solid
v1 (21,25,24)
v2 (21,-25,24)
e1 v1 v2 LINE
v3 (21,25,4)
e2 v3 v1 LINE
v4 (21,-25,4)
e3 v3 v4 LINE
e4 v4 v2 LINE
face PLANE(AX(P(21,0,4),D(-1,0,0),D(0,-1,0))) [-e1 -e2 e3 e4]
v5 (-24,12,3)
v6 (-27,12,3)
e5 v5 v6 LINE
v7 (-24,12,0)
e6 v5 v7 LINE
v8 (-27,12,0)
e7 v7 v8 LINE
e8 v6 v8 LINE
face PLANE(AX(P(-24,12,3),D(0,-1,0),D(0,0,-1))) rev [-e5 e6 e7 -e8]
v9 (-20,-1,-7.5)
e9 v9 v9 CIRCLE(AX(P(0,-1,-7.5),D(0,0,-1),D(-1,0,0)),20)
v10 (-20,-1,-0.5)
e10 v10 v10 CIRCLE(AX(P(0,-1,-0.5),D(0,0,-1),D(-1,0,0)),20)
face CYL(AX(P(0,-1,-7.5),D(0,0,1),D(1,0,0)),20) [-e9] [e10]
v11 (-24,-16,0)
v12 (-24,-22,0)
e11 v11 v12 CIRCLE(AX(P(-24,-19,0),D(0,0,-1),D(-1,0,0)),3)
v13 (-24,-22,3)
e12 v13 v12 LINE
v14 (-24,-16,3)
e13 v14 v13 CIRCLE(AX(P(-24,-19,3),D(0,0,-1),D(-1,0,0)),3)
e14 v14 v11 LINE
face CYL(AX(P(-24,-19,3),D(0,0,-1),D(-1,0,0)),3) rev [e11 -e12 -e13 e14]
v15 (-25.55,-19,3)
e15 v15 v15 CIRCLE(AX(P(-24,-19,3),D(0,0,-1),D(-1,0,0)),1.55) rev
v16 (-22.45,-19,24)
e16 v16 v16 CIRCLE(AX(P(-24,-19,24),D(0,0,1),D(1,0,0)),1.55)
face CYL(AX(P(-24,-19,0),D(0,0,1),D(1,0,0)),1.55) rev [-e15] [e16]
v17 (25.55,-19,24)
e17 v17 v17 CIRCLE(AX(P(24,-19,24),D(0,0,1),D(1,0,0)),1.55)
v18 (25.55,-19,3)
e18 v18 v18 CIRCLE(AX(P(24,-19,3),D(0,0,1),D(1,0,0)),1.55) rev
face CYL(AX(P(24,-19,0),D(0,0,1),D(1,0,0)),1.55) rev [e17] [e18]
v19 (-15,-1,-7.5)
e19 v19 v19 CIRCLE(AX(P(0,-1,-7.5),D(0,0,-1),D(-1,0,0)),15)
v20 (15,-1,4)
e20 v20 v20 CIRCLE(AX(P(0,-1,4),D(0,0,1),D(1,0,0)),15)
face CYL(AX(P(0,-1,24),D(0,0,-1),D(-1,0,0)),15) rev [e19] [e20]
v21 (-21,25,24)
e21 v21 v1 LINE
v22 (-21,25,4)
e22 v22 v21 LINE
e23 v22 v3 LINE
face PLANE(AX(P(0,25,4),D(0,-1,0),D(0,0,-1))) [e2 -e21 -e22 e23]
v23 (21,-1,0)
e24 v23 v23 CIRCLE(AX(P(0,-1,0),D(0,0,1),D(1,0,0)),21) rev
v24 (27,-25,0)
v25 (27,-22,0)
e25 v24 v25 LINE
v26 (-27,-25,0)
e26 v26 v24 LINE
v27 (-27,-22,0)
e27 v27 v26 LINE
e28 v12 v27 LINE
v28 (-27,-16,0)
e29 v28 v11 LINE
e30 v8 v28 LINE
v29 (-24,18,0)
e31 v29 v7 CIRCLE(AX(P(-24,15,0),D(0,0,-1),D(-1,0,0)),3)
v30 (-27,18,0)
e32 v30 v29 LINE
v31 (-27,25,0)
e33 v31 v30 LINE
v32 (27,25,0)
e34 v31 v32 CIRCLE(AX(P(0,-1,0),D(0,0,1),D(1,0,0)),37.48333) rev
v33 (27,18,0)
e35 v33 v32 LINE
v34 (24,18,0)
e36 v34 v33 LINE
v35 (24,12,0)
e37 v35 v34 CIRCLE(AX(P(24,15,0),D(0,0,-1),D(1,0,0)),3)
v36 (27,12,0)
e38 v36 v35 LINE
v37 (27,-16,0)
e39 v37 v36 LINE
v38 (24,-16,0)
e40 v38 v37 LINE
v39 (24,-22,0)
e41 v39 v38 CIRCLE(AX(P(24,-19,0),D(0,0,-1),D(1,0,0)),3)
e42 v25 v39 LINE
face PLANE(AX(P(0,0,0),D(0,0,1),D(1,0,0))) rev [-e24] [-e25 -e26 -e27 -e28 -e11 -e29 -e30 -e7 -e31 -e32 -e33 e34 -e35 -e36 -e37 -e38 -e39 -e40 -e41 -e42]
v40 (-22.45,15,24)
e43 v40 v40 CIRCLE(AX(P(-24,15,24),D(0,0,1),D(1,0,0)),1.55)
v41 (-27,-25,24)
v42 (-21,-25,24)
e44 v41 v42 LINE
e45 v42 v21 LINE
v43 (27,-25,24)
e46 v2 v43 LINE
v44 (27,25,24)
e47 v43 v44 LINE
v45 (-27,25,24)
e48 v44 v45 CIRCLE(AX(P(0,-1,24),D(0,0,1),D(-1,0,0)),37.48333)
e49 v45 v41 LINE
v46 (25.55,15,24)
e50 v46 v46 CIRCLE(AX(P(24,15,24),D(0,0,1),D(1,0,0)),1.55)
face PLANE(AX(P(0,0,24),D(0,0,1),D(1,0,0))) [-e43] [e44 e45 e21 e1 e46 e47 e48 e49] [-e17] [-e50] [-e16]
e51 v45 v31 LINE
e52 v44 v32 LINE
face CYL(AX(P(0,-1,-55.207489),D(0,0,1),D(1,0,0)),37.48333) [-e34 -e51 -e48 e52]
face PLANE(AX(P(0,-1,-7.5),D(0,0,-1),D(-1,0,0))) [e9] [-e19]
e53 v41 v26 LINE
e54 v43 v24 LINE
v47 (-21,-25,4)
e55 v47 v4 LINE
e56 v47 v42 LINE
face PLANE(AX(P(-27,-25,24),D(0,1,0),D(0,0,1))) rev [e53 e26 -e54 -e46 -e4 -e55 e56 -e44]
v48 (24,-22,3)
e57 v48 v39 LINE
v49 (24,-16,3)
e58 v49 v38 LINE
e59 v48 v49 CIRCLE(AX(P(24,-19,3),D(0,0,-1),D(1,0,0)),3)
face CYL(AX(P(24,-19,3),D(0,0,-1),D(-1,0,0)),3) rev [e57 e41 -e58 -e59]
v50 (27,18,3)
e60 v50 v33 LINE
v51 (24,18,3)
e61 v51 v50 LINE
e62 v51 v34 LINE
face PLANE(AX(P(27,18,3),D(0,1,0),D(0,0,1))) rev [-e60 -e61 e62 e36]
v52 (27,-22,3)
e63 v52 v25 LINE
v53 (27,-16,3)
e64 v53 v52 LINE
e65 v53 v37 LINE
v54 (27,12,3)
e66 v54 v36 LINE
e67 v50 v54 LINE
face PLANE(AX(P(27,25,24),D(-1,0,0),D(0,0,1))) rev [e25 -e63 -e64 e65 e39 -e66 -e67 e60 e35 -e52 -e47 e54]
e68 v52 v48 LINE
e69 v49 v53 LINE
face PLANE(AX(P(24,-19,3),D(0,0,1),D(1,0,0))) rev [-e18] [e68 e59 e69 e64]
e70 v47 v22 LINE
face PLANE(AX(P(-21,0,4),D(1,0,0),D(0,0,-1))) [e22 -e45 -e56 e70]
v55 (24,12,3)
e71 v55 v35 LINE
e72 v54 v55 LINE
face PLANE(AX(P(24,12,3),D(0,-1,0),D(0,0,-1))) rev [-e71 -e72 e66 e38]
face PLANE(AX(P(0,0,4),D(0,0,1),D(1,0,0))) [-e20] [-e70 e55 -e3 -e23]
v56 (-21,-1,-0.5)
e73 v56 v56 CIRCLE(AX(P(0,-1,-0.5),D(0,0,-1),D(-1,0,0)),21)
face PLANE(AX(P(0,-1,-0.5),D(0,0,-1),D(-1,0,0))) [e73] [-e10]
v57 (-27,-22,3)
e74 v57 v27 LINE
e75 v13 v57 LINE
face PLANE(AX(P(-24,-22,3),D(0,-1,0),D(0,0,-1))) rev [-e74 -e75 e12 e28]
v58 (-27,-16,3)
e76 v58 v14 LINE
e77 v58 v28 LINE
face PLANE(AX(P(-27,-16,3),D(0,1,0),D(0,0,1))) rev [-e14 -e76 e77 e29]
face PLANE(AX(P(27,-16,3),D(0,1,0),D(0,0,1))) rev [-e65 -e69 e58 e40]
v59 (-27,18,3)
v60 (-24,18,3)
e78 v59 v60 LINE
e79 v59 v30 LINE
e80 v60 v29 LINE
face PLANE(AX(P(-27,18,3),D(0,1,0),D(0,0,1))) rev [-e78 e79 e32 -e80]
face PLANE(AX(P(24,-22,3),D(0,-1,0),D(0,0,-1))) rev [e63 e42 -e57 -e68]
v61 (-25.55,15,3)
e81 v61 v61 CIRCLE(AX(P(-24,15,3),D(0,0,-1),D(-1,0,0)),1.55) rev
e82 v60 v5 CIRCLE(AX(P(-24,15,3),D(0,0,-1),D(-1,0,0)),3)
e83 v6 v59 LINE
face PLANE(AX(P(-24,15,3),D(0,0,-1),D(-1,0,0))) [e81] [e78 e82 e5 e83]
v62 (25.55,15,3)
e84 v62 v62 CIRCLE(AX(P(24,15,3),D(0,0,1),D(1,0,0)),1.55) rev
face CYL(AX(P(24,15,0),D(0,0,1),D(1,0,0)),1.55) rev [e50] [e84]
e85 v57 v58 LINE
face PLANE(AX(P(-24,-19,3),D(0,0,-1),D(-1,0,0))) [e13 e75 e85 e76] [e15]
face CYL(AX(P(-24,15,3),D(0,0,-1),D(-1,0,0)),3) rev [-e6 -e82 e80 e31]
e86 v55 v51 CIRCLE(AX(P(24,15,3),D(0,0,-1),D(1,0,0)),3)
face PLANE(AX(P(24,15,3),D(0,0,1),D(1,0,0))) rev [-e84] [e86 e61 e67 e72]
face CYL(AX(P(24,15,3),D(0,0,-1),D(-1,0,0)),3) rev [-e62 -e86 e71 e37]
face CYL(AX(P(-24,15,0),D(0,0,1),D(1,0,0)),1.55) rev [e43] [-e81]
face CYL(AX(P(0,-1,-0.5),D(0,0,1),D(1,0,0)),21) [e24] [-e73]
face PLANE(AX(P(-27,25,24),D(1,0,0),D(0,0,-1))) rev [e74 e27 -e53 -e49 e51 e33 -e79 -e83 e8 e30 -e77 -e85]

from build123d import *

# Parameters (mm, degrees)
SKETCH_1_W          = 54
SKETCH_1_H          = 50
EXTRUDE_1_DEPTH     = 24
SKETCH_2_R          = 1.55
CUT_EXTRUDE_1_DEPTH = 25
EXTRUDE_2_DEPTH     = 24
SKETCH_5_W          = 42
SKETCH_5_H          = 50
CUT_EXTRUDE_3_DEPTH = 20
CUT_EXTRUDE_4_DEPTH = 3
SKETCH_7_R          = 15
CUT_EXTRUDE_5_DEPTH = 25
SKETCH_11_R         = 20
SKETCH_11_R_2       = 15
EXTRUDE_3_DEPTH     = 7.5
SKETCH_12_R         = 21
SKETCH_12_R_2       = 20
EXTRUDE_4_DEPTH     = 0.5


with BuildPart() as part:
    # 草图1 → 凸台-拉伸1 (new body)
    with BuildSketch(Plane.XY):
        Rectangle(SKETCH_1_W, SKETCH_1_H)
    extrude(amount=EXTRUDE_1_DEPTH)

    # 草图2 → 切除-拉伸1 (cut, through all)
    with BuildSketch(Plane.XY.offset(24)):
        with Locations((-24, 15)):
            Circle(SKETCH_2_R)
        with Locations((24, 15)):
            Circle(SKETCH_2_R)
        with Locations((24, -19)):
            Circle(SKETCH_2_R)
        with Locations((-24, -19)):
            Circle(SKETCH_2_R)
    extrude(amount=-CUT_EXTRUDE_1_DEPTH, mode=Mode.SUBTRACT)

    # 草图3 → 凸台-拉伸2 (add)
    with BuildSketch(Plane.XY.offset(24)):
        with BuildLine():
            Line((-27, 25), (27, 25))
            ThreePointArc((27, 25), (0, 36.483329628), (-27, 25))
        make_face()
    extrude(amount=-EXTRUDE_2_DEPTH)

    # 草图5 → 切除-拉伸3 (cut)
    with BuildSketch(Plane.XY.offset(24)):
        Rectangle(SKETCH_5_W, SKETCH_5_H)
    extrude(amount=-CUT_EXTRUDE_3_DEPTH, mode=Mode.SUBTRACT)

    # 草图6 → 切除-拉伸4 (cut)
    with BuildSketch(Plane(origin=(0, 0, 0), x_dir=(-1, 0, 0), z_dir=(0, 0, -1))):
        with BuildLine():
            Line((-27, -16), (-24, -16))
            ThreePointArc((-24, -16), (-21, -19), (-24, -22))
            Line((-24, -22), (-27, -22))
            Line((-27, -22), (-27, -16))
        make_face()
        with BuildLine():
            Line((-27, 18), (-27, 12))
            Line((-27, 12), (-24, 12))
            ThreePointArc((-24, 12), (-21, 15), (-24, 18))
            Line((-24, 18), (-27, 18))
        make_face()
        with BuildLine():
            Line((27, -16), (24, -16))
            ThreePointArc((24, -16), (21, -19), (24, -22))
            Line((24, -22), (27, -22))
            Line((27, -22), (27, -16))
        make_face()
        with BuildLine():
            Line((27, 18), (24, 18))
            ThreePointArc((24, 18), (21, 15), (24, 12))
            Line((24, 12), (27, 12))
            Line((27, 12), (27, 18))
        make_face()
    extrude(amount=-CUT_EXTRUDE_4_DEPTH, mode=Mode.SUBTRACT)

    # 草图7 → 切除-拉伸5 (cut, through all)
    with BuildSketch(Plane(origin=(0, 0, 0), x_dir=(-1, 0, 0), z_dir=(0, 0, -1))):
        with Locations((0, -1)):
            Circle(SKETCH_7_R)
    extrude(amount=-CUT_EXTRUDE_5_DEPTH, mode=Mode.SUBTRACT)

    # 草图11 → 凸台-拉伸3 (add)
    with BuildSketch(Plane(origin=(0, 0, 0), x_dir=(-1, 0, 0), z_dir=(0, 0, -1))):
        with Locations((0, -1)):
            Circle(SKETCH_11_R)
        with Locations((0, -1)):
            Circle(SKETCH_11_R_2, mode=Mode.SUBTRACT)
    extrude(amount=EXTRUDE_3_DEPTH)

    # 草图12 → 凸台-拉伸4 (add)
    with BuildSketch(Plane(origin=(0, 0, 0), x_dir=(-1, 0, 0), z_dir=(0, 0, -1))):
        with Locations((0, -1)):
            Circle(SKETCH_12_R)
        with Locations((0, -1)):
            Circle(SKETCH_12_R_2, mode=Mode.SUBTRACT)
    extrude(amount=EXTRUDE_4_DEPTH)


solid = part.part
